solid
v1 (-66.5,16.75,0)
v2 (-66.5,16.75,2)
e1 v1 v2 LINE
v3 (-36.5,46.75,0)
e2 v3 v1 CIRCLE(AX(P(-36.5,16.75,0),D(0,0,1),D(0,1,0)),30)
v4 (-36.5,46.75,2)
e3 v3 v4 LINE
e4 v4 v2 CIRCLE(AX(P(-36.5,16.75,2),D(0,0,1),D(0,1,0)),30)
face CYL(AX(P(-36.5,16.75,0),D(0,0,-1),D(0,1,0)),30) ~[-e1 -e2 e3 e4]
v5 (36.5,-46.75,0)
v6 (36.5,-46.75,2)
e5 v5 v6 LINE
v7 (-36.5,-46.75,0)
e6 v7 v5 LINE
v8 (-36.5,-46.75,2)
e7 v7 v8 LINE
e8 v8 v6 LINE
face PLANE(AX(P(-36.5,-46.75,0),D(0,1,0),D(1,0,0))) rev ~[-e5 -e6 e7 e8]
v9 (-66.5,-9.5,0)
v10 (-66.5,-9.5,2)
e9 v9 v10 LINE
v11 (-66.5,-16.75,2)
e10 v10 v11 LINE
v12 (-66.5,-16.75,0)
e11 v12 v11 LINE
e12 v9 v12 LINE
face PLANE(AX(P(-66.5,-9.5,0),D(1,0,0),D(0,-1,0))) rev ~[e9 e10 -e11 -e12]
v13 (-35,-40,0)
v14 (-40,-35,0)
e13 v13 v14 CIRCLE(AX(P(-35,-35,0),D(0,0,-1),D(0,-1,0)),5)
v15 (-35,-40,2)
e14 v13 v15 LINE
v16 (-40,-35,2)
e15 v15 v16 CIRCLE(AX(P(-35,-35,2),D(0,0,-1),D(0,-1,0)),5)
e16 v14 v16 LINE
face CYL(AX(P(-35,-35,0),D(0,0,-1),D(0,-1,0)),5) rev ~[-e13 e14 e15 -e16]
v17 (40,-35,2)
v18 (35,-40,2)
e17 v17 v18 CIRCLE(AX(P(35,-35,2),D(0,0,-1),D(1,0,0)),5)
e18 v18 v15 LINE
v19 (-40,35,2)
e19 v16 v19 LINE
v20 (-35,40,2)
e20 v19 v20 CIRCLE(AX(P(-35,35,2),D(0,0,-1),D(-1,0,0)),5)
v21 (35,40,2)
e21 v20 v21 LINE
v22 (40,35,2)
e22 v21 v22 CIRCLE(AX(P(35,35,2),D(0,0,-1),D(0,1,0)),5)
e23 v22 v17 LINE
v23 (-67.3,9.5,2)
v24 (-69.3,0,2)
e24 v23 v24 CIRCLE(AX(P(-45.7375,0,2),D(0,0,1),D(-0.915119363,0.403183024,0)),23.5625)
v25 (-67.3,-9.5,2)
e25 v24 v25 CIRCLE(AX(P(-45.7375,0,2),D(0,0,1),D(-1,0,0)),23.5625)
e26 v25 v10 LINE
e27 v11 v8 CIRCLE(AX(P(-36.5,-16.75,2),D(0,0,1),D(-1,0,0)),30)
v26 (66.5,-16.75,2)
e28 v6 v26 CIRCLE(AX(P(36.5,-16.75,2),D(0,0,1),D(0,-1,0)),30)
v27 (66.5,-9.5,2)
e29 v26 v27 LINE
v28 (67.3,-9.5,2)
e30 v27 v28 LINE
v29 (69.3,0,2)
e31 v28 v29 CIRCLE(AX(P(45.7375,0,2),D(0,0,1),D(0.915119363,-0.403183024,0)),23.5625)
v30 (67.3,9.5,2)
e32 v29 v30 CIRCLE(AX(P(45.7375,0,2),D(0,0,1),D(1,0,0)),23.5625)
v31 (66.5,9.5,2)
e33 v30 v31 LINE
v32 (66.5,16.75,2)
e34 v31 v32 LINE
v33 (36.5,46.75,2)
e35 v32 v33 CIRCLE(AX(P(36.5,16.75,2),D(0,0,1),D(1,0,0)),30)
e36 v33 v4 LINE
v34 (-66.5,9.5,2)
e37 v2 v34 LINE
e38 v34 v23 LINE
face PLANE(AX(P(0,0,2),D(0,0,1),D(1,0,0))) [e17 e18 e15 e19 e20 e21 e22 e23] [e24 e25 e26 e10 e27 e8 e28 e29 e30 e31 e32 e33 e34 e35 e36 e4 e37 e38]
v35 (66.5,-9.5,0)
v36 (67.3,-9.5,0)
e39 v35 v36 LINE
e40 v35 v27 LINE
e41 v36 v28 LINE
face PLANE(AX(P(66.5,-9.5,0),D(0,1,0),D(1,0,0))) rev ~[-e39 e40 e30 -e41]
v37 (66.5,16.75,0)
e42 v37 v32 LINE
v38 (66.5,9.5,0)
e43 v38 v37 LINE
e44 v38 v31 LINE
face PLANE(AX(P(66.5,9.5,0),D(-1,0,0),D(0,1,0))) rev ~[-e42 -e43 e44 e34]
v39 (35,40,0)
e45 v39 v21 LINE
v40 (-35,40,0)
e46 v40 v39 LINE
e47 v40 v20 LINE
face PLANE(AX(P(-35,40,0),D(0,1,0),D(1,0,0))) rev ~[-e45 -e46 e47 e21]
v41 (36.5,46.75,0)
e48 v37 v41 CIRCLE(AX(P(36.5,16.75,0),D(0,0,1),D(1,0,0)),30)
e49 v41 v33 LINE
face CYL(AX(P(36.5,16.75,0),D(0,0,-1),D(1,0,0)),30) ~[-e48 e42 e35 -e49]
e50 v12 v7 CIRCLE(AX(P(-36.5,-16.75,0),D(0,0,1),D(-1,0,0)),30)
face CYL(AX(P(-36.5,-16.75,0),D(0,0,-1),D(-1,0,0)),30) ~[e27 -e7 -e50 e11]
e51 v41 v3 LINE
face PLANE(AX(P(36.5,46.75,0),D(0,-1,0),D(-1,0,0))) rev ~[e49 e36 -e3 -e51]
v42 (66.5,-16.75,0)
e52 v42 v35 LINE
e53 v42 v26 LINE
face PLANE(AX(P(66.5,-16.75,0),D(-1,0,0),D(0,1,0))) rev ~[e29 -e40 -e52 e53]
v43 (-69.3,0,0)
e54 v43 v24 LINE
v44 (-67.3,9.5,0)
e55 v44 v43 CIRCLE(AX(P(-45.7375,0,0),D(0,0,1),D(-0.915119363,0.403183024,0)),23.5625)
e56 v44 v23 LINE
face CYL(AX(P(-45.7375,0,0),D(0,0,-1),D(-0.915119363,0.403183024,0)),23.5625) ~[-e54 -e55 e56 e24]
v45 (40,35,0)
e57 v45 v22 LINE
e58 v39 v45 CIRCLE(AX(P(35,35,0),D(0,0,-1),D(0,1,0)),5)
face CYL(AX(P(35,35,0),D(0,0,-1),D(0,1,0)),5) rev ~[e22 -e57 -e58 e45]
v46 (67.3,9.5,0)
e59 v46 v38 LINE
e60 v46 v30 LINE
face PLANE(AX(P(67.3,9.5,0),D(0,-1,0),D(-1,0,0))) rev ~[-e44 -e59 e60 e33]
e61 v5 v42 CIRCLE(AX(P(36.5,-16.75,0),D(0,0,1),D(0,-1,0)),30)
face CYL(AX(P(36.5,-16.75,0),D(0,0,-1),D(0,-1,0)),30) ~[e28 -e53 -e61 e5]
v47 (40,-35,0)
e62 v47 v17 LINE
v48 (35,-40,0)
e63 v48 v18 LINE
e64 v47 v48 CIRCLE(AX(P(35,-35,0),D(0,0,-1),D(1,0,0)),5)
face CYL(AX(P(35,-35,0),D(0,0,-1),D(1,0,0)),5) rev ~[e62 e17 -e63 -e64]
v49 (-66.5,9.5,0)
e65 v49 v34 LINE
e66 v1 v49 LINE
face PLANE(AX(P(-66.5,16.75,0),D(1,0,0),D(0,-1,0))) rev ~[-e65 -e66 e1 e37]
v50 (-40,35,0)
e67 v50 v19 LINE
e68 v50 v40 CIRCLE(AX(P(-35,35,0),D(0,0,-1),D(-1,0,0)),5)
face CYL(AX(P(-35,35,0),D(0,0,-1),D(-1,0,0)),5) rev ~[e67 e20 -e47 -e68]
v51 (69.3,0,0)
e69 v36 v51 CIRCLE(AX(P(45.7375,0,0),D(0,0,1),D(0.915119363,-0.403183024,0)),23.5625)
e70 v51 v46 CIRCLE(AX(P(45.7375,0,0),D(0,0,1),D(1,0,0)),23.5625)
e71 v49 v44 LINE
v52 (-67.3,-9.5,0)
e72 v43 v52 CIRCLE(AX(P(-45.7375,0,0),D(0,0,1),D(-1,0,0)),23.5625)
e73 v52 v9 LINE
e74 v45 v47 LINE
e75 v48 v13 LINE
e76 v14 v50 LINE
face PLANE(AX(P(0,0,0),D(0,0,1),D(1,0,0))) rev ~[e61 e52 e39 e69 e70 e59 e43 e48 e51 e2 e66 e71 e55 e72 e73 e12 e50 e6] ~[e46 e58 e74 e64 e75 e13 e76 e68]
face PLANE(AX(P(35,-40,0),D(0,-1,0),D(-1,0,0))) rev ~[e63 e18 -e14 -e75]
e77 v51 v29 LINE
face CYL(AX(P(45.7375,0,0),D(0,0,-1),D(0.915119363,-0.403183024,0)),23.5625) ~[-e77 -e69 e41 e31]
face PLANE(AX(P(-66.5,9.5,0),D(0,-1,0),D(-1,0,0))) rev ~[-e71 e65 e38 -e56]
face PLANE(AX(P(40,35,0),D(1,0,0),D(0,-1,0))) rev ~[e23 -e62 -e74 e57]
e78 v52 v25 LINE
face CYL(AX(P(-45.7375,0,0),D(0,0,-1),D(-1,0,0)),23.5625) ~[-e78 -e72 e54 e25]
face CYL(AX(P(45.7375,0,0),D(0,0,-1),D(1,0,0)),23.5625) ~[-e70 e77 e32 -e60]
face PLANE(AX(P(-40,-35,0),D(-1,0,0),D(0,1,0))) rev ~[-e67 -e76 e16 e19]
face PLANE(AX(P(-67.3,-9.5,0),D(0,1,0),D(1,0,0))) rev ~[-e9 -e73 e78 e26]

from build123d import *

# Parameters (mm, degrees)
F1_DEPTH = 2


with BuildPart() as f1:
    # F0 (on Top) → F1 (new body)
    with BuildSketch(Plane.XY):
        with BuildLine():
            ThreePointArc((66.5, 16.75), (57.7132034356, 37.9632034356), (36.5, 46.75))
            Line((36.5, 46.75), (-36.5, 46.75))
            ThreePointArc((-36.5, 46.75), (-57.7132034356, 37.9632034356), (-66.5, 16.75))
            Line((-66.5, 16.75), (-66.5, 9.5))
            Line((-66.5, 9.5), (-66.5, -9.5))
            Line((-66.5, -9.5), (-66.5, -16.75))
            ThreePointArc((-66.5, -16.75), (-57.7132034356, -37.9632034356), (-36.5, -46.75))
            Line((-36.5, -46.75), (36.5, -46.75))
            ThreePointArc((36.5, -46.75), (57.7132034356, -37.9632034356), (66.5, -16.75))
            Line((66.5, -16.75), (66.5, -9.5))
            Line((66.5, -9.5), (66.5, 9.5))
            Line((66.5, 9.5), (66.5, 16.75))
        make_face()
        with BuildLine():
            Line((-35, 40), (35, 40))
            ThreePointArc((35, 40), (38.5355339059, 38.5355339059), (40, 35))
            Line((40, 35), (40, -35))
            ThreePointArc((40, -35), (38.5355339059, -38.5355339059), (35, -40))
            Line((35, -40), (-35, -40))
            ThreePointArc((-35, -40), (-38.5355339059, -38.5355339059), (-40, -35))
            Line((-40, -35), (-40, 35))
            ThreePointArc((-40, 35), (-38.5355339059, 38.5355339059), (-35, 40))
        make_face(mode=Mode.SUBTRACT)
        with BuildLine():
            Line((67.3, 9.5), (66.5, 9.5))
            Line((66.5, 9.5), (66.5, -9.5))
            Line((66.5, -9.5), (67.3, -9.5))
            ThreePointArc((67.3, -9.5), (68.7945793088, -4.8541219597), (69.3, 0))
            ThreePointArc((69.3, 0), (68.7945793088, 4.8541219597), (67.3, 9.5))
        make_face()
        with BuildLine():
            Line((-66.5, -9.5), (-66.5, 9.5))
            Line((-66.5, 9.5), (-67.3, 9.5))
            ThreePointArc((-67.3, 9.5), (-68.7945793088, 4.8541219597), (-69.3, 0))
            ThreePointArc((-69.3, 0), (-68.7945793088, -4.8541219597), (-67.3, -9.5))
            Line((-67.3, -9.5), (-66.5, -9.5))
        make_face()
    extrude(amount=F1_DEPTH)


solid = f1.part
